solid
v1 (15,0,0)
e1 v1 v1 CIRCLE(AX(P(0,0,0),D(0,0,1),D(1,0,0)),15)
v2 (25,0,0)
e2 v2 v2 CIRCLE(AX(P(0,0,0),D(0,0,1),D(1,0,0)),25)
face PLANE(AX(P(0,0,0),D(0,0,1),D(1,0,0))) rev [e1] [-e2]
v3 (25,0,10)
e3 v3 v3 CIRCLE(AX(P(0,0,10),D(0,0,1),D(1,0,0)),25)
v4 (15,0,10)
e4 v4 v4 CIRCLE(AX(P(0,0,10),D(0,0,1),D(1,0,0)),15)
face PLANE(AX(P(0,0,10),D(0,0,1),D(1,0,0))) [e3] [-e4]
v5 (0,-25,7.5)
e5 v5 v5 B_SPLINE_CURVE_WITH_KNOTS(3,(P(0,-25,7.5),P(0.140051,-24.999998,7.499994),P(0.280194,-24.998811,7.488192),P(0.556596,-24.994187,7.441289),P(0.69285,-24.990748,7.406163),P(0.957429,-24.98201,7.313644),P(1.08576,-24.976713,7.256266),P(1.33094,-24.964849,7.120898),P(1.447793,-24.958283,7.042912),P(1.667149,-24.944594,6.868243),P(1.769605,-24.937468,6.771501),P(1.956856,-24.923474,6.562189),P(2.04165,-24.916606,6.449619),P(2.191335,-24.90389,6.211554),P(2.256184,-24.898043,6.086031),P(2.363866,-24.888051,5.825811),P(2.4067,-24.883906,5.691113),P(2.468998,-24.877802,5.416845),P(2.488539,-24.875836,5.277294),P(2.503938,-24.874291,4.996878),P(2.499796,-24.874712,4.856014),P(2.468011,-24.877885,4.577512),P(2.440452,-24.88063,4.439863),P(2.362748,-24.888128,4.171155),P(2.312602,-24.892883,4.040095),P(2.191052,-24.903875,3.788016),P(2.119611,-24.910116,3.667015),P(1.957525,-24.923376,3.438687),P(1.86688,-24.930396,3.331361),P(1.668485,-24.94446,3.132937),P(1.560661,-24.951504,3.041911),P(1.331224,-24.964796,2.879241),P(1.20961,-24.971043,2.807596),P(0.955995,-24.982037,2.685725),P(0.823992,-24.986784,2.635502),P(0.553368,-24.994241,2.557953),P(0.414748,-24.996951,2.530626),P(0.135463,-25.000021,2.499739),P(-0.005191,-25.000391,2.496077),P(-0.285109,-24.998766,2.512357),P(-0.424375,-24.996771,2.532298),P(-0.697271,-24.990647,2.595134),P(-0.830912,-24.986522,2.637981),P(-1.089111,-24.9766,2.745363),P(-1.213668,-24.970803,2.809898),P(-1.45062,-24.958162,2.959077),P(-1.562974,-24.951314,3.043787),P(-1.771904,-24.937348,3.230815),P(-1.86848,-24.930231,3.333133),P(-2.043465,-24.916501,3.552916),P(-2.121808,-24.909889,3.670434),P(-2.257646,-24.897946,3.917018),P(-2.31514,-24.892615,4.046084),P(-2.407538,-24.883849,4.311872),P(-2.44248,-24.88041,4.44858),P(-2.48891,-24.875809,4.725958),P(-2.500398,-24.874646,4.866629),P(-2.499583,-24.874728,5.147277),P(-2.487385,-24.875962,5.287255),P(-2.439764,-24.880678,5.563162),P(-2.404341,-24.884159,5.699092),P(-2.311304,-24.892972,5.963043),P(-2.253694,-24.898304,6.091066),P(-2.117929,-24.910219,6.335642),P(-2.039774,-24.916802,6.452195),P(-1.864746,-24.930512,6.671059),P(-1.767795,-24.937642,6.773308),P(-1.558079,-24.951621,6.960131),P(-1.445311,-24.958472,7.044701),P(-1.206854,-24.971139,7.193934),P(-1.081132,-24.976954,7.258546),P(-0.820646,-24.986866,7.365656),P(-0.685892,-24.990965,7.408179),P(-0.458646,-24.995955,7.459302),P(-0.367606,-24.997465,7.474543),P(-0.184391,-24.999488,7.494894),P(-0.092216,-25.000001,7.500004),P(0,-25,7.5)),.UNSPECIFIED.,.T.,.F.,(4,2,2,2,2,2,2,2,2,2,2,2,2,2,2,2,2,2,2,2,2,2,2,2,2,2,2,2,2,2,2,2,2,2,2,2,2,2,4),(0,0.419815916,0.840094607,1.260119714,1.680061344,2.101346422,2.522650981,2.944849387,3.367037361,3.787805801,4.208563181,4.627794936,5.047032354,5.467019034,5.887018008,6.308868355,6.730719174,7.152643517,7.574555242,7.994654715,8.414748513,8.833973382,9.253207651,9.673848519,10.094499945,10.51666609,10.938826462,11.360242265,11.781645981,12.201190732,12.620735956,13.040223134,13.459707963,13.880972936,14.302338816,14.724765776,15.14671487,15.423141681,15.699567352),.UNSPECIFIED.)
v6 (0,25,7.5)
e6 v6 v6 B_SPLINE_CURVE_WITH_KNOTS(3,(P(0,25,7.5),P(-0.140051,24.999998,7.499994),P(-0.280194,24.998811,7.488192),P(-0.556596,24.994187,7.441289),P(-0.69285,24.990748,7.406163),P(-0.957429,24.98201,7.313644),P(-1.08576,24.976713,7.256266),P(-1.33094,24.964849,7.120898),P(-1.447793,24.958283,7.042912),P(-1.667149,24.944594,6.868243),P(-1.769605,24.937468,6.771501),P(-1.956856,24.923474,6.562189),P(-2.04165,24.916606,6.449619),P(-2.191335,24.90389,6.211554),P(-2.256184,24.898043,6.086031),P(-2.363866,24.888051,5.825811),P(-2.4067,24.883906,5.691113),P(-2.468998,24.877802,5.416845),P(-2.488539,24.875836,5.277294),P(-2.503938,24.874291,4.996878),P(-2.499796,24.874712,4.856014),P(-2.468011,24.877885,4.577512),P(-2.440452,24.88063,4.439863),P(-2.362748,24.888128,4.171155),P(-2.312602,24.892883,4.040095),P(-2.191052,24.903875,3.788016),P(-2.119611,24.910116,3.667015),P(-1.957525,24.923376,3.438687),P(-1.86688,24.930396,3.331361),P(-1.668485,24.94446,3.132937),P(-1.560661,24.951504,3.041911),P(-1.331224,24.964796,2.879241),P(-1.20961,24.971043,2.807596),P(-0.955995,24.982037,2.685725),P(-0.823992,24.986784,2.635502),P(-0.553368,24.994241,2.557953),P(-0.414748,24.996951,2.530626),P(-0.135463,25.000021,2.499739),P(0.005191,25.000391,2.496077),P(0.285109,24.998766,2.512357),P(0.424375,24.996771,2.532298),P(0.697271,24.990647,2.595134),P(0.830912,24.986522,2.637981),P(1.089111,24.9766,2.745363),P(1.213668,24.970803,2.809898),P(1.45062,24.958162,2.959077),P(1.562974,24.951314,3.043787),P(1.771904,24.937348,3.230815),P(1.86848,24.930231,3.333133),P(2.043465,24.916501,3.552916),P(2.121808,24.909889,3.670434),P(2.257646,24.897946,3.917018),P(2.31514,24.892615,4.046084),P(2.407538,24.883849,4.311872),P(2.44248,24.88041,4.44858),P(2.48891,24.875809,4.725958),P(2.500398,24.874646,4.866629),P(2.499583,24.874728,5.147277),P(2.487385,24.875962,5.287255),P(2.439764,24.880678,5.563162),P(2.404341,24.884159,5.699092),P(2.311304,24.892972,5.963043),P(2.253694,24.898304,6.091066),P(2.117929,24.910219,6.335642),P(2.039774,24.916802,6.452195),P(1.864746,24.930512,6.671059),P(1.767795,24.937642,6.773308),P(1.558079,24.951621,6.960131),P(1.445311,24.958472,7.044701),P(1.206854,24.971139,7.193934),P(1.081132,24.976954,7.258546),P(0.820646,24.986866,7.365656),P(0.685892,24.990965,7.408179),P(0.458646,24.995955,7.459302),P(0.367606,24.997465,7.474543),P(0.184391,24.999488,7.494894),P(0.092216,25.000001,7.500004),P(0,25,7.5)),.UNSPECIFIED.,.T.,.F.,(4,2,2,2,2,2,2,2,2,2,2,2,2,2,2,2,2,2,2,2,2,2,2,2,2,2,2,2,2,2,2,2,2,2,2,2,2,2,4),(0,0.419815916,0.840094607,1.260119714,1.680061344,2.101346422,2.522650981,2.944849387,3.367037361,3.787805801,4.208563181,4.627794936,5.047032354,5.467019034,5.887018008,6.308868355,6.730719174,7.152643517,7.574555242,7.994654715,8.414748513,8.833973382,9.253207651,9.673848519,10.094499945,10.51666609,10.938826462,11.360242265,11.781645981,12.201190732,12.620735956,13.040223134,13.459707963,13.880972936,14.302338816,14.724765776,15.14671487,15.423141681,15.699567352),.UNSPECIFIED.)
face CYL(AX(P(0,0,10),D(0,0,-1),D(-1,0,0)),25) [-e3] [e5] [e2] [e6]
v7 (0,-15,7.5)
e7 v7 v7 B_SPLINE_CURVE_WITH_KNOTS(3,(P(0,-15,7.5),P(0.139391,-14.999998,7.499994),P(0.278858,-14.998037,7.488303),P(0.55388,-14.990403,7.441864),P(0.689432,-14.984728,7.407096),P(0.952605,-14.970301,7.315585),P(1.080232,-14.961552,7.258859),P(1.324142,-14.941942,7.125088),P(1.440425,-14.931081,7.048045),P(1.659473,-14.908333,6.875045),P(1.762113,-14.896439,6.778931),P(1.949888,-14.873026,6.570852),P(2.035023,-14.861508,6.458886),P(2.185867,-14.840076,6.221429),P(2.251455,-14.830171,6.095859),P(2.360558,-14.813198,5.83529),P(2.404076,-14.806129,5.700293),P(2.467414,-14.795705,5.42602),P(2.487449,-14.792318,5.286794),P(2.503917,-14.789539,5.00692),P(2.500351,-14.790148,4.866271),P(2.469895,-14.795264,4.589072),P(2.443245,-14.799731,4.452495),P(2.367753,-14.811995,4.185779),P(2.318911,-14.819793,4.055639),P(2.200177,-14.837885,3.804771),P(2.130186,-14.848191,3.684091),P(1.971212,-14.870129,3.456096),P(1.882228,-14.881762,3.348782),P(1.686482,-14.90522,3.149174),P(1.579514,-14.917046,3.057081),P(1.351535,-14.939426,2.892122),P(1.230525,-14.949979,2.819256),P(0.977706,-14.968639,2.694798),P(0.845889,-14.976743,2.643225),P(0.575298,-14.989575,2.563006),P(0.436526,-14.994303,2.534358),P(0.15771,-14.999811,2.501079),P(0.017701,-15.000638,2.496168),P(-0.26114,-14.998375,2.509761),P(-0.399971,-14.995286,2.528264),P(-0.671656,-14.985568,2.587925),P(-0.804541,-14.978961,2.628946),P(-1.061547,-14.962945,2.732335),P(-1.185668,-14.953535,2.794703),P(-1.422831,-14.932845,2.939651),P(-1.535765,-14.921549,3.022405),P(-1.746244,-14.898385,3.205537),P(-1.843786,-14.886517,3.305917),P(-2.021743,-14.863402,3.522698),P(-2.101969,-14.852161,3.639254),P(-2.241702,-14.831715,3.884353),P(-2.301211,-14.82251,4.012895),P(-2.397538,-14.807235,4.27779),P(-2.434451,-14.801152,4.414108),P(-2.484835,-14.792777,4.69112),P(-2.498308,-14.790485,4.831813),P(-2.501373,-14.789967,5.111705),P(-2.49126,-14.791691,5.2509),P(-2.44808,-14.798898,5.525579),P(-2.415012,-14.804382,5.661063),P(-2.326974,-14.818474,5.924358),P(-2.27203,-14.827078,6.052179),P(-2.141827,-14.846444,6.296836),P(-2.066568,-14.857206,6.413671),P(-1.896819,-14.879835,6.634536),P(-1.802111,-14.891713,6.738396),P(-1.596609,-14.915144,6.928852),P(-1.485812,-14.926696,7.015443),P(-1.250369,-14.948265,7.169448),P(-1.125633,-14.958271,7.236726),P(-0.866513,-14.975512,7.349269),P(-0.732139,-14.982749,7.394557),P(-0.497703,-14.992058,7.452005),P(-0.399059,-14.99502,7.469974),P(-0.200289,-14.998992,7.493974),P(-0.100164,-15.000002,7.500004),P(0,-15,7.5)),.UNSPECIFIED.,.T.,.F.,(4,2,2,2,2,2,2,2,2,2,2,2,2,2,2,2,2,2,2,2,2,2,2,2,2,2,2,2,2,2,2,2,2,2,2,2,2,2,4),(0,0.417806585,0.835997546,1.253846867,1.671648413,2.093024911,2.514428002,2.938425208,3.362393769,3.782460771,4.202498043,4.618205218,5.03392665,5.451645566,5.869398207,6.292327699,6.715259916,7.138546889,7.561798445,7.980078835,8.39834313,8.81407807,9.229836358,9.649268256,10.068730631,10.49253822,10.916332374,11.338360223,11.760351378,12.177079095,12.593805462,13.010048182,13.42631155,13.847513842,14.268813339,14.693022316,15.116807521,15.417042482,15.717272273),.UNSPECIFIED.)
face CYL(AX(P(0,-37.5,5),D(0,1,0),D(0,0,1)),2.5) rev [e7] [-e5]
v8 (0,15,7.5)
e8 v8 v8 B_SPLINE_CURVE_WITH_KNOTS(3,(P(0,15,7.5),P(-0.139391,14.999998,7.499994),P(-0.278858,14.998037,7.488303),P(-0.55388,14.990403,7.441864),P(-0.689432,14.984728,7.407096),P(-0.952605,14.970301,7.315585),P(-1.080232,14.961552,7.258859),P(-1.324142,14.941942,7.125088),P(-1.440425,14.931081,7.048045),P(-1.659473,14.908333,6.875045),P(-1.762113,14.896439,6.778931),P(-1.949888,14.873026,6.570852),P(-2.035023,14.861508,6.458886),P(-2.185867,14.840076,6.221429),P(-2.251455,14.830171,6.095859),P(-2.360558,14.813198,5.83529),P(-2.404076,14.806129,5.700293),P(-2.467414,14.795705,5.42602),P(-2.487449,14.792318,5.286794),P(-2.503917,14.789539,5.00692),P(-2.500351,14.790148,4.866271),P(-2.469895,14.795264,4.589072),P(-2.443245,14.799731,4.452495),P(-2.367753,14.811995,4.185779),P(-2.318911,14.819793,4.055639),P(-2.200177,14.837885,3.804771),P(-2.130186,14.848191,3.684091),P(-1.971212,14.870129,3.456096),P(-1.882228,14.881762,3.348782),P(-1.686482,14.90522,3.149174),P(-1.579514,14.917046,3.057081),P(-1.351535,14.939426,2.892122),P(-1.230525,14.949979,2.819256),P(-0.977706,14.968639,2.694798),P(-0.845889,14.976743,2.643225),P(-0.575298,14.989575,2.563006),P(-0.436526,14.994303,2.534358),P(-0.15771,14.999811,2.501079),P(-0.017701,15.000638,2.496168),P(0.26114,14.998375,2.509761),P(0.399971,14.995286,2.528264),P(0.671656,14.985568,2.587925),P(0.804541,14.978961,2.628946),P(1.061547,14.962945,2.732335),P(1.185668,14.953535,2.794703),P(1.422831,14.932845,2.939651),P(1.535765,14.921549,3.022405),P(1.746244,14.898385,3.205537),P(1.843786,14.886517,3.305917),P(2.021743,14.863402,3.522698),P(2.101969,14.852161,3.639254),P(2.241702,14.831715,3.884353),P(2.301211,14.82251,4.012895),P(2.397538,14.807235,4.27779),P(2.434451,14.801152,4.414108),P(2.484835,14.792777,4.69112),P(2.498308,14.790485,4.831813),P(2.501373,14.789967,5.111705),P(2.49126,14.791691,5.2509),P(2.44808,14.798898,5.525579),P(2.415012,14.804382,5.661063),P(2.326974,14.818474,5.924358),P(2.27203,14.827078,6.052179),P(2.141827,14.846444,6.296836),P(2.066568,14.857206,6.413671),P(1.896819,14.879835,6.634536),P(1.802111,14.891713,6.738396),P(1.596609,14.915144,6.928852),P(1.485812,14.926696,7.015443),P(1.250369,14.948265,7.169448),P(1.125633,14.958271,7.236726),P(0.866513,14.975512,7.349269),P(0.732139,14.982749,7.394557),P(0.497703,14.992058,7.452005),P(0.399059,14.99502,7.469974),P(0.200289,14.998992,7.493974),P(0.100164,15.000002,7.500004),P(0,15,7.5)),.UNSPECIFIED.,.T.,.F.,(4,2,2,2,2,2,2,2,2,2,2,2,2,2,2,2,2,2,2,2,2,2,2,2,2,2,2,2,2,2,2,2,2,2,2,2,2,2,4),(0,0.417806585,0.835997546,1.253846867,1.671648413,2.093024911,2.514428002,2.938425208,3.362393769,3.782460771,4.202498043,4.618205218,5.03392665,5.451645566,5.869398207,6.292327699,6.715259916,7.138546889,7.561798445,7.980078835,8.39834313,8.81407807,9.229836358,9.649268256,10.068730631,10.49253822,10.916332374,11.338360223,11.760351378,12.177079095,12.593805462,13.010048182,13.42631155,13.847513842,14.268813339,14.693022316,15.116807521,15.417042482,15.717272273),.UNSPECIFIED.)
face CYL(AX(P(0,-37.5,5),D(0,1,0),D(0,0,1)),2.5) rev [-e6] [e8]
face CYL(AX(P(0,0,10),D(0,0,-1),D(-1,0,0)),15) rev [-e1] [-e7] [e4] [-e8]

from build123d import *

# Parameters (mm, degrees)
SKETCH1_R           = 25
SKETCH1_R_2         = 15
BOSS_EXTRUDE1_DEPTH = 10
SKETCH2_R           = 2.5
CUT_EXTRUDE1_DEPTH  = 37.5


with BuildPart() as part:
    # Sketch1 → Boss-Extrude1 (new body)
    with BuildSketch(Plane.XY):
        Circle(SKETCH1_R)
        Circle(SKETCH1_R_2, mode=Mode.SUBTRACT)
    extrude(amount=BOSS_EXTRUDE1_DEPTH)

    # Sketch2 → Cut-Extrude1 (cut, symmetric)
    with BuildSketch(Plane(origin=(0, 0, 0), x_dir=(1, 0, 0), z_dir=(0, 1, 0))):
        with Locations((0, -5)):
            Circle(SKETCH2_R)
    extrude(amount=CUT_EXTRUDE1_DEPTH, both=True, mode=Mode.SUBTRACT)


solid = part.part
